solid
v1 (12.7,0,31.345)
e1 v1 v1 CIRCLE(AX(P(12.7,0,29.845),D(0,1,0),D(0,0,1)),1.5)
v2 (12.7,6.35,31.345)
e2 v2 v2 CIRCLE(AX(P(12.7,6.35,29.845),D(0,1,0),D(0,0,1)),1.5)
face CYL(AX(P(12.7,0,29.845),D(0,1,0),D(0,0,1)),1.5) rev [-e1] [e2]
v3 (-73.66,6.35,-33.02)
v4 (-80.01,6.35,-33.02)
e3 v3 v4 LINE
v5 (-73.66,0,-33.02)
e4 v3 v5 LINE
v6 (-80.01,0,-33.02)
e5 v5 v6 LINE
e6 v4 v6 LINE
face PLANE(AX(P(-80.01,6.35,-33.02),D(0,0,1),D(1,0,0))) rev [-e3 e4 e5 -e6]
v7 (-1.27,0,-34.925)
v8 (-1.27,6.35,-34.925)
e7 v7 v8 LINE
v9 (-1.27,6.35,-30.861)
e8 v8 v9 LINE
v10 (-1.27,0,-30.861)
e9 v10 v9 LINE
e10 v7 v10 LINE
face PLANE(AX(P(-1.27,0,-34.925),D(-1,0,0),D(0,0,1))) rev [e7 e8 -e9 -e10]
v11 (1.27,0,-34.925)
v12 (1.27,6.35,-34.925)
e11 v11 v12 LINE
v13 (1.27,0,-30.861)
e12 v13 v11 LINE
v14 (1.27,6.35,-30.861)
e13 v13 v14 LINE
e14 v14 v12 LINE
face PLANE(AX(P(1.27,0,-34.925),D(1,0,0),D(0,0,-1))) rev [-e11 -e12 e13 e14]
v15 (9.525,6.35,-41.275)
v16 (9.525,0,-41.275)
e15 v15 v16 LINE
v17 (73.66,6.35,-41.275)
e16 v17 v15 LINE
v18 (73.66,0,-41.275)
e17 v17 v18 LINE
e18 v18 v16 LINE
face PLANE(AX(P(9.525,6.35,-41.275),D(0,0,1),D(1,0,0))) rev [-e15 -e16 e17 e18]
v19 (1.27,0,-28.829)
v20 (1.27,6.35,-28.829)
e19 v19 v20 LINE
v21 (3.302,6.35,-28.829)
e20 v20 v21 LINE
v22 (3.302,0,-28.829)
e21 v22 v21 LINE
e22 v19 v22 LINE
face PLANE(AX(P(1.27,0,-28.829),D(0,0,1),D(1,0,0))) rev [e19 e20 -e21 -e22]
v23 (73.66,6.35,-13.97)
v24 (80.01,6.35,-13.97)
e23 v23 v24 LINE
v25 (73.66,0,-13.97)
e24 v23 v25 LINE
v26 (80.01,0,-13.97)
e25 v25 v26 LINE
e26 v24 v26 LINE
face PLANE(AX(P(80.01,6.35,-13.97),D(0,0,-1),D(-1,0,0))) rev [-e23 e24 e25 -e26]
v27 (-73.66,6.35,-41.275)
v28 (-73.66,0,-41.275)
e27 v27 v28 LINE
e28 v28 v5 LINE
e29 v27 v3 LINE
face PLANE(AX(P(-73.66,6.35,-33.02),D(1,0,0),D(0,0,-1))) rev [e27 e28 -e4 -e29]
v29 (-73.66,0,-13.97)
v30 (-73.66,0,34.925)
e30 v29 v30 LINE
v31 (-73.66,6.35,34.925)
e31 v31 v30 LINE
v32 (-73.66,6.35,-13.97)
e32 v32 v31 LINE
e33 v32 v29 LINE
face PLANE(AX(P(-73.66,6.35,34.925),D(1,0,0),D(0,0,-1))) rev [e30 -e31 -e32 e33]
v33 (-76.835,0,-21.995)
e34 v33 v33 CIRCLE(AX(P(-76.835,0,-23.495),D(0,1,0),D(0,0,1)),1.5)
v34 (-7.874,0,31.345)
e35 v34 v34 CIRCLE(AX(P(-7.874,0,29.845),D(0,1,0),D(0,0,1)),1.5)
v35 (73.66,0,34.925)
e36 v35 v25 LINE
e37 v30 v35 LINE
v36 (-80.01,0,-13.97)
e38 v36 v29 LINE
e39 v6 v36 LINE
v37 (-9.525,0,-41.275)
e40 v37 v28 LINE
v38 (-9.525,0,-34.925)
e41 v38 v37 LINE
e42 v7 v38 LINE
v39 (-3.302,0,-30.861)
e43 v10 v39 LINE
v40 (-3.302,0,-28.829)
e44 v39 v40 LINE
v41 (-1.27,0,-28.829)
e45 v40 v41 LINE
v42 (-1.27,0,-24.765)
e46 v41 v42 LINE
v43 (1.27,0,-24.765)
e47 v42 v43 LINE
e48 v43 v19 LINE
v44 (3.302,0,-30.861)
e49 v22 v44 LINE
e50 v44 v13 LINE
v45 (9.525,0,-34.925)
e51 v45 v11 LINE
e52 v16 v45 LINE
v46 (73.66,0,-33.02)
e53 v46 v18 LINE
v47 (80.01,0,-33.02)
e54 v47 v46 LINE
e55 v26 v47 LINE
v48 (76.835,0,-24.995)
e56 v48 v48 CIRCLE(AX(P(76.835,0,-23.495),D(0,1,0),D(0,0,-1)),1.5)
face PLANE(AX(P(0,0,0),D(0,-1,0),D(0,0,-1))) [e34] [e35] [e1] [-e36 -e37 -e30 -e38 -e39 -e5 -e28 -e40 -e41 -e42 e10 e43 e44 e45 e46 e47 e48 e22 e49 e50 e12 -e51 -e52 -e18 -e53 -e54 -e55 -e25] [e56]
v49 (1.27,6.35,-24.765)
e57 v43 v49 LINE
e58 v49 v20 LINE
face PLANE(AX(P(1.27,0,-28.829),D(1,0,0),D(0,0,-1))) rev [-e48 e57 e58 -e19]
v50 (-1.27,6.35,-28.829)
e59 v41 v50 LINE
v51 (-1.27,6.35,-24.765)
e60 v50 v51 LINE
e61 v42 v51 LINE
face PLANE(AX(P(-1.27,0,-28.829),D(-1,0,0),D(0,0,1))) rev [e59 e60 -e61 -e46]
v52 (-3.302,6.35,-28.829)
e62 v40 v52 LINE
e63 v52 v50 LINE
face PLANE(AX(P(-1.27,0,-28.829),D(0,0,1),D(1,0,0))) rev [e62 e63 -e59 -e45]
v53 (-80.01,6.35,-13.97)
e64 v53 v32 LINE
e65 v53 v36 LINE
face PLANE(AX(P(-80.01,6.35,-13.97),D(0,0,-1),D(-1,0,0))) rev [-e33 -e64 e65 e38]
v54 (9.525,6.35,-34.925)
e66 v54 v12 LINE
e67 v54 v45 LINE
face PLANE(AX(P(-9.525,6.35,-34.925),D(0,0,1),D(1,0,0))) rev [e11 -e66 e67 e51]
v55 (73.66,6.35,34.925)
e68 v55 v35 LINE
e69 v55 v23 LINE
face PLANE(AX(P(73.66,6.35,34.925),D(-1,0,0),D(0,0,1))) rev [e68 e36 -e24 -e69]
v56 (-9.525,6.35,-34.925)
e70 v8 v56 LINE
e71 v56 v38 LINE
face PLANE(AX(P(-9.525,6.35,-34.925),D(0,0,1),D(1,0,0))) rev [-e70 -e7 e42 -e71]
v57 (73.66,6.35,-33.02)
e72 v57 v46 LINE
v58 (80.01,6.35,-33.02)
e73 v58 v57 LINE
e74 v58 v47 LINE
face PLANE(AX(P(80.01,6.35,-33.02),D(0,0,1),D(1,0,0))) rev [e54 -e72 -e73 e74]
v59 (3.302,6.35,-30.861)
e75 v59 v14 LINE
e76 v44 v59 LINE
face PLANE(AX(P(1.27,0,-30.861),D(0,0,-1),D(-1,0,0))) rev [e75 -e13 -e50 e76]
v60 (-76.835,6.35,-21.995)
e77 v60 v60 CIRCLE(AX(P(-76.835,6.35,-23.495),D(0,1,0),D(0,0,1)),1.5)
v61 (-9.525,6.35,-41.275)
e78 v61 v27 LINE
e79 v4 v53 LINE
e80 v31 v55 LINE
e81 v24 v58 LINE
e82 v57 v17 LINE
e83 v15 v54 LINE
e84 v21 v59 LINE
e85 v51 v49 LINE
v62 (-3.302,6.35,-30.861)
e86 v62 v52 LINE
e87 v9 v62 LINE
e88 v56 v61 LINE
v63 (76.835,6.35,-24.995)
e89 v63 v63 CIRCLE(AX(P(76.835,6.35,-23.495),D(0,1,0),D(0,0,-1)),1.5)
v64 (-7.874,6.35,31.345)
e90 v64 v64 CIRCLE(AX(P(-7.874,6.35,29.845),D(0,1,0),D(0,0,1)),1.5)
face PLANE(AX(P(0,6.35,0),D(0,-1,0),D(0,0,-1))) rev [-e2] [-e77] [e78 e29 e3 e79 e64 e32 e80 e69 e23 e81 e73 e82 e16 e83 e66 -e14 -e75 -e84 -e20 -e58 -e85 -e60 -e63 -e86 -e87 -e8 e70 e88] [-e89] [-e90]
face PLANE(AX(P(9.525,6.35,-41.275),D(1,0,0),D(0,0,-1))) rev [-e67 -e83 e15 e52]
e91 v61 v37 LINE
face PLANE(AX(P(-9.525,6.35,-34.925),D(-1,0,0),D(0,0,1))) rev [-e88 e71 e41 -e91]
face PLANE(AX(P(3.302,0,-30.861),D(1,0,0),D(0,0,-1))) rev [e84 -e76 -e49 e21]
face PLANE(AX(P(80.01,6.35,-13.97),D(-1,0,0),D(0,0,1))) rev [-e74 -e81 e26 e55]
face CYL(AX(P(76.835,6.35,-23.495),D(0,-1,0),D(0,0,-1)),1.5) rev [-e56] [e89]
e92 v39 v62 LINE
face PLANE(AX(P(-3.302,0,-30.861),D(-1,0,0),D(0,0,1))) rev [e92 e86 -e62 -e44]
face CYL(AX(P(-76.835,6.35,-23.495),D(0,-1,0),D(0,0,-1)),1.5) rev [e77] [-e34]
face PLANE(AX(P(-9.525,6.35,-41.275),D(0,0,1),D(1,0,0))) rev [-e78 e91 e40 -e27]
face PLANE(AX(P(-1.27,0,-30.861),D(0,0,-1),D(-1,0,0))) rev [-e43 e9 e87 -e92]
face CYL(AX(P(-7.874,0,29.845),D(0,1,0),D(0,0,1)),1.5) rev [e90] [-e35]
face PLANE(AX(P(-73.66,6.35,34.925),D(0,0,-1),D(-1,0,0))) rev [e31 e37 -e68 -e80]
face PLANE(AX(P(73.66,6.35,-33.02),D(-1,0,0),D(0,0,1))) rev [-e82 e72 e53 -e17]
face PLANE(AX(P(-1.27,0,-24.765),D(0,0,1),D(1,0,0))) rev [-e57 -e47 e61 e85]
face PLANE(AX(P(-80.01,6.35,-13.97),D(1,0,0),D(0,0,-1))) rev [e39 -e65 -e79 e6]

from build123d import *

# Parameters (mm, degrees)
SKETCH1_R           = 1.5
BOSS_EXTRUDE1_DEPTH = 6.35
SKETCH2_R           = 1.5
CUT_EXTRUDE1_DEPTH  = 7.35
CUT_EXTRUDE2_DEPTH  = 7.35


with BuildPart() as part:
    # Sketch1 → Boss-Extrude1 (new body)
    with BuildSketch(Plane(origin=(0, 0, 0), x_dir=(1, 0, 0), z_dir=(0, 1, 0))):
        Polygon((-73.66, -34.925), (73.66, -34.925), (73.66, 13.97), (80.01, 13.97), (80.01, 33.02), (73.66, 33.02), (73.66, 34.925), (73.66, 41.275), (9.525, 41.275), (9.525, 34.925), (-9.525, 34.925), (-9.525, 41.275), (-73.66, 41.275), (-73.66, 34.925), (-73.66, 33.02), (-80.01, 33.02), (-80.01, 13.97), (-73.66, 13.97), align=None)
        with Locations((-76.835, 23.495)):
            Circle(SKETCH1_R, mode=Mode.SUBTRACT)
        with Locations((76.835, 23.495)):
            Circle(SKETCH1_R, mode=Mode.SUBTRACT)
    extrude(amount=BOSS_EXTRUDE1_DEPTH)

    # Sketch2 → Cut-Extrude1 (cut, through all)
    with BuildSketch(Plane(origin=(0, 6.35, 0), x_dir=(1, 0, 0), z_dir=(0, 1, 0))):
        with Locations((12.7, -29.845)):
            Circle(SKETCH2_R)
        with Locations((-7.874, -29.845)):
            Circle(SKETCH2_R)
    extrude(amount=-CUT_EXTRUDE1_DEPTH, mode=Mode.SUBTRACT)

    # Sketch3 → Cut-Extrude2 (cut, through all)
    with BuildSketch(Plane(origin=(0, 6.35, 0), x_dir=(1, 0, 0), z_dir=(0, 1, 0))):
        Polygon((-1.27, 34.925), (1.27, 34.925), (1.27, 30.861), (3.302, 30.861), (3.302, 28.829), (1.27, 28.829), (1.27, 24.765), (-1.27, 24.765), (-1.27, 28.829), (-3.302, 28.829), (-3.302, 30.861), (-1.27, 30.861), align=None)
    extrude(amount=-CUT_EXTRUDE2_DEPTH, mode=Mode.SUBTRACT)


solid = part.part
